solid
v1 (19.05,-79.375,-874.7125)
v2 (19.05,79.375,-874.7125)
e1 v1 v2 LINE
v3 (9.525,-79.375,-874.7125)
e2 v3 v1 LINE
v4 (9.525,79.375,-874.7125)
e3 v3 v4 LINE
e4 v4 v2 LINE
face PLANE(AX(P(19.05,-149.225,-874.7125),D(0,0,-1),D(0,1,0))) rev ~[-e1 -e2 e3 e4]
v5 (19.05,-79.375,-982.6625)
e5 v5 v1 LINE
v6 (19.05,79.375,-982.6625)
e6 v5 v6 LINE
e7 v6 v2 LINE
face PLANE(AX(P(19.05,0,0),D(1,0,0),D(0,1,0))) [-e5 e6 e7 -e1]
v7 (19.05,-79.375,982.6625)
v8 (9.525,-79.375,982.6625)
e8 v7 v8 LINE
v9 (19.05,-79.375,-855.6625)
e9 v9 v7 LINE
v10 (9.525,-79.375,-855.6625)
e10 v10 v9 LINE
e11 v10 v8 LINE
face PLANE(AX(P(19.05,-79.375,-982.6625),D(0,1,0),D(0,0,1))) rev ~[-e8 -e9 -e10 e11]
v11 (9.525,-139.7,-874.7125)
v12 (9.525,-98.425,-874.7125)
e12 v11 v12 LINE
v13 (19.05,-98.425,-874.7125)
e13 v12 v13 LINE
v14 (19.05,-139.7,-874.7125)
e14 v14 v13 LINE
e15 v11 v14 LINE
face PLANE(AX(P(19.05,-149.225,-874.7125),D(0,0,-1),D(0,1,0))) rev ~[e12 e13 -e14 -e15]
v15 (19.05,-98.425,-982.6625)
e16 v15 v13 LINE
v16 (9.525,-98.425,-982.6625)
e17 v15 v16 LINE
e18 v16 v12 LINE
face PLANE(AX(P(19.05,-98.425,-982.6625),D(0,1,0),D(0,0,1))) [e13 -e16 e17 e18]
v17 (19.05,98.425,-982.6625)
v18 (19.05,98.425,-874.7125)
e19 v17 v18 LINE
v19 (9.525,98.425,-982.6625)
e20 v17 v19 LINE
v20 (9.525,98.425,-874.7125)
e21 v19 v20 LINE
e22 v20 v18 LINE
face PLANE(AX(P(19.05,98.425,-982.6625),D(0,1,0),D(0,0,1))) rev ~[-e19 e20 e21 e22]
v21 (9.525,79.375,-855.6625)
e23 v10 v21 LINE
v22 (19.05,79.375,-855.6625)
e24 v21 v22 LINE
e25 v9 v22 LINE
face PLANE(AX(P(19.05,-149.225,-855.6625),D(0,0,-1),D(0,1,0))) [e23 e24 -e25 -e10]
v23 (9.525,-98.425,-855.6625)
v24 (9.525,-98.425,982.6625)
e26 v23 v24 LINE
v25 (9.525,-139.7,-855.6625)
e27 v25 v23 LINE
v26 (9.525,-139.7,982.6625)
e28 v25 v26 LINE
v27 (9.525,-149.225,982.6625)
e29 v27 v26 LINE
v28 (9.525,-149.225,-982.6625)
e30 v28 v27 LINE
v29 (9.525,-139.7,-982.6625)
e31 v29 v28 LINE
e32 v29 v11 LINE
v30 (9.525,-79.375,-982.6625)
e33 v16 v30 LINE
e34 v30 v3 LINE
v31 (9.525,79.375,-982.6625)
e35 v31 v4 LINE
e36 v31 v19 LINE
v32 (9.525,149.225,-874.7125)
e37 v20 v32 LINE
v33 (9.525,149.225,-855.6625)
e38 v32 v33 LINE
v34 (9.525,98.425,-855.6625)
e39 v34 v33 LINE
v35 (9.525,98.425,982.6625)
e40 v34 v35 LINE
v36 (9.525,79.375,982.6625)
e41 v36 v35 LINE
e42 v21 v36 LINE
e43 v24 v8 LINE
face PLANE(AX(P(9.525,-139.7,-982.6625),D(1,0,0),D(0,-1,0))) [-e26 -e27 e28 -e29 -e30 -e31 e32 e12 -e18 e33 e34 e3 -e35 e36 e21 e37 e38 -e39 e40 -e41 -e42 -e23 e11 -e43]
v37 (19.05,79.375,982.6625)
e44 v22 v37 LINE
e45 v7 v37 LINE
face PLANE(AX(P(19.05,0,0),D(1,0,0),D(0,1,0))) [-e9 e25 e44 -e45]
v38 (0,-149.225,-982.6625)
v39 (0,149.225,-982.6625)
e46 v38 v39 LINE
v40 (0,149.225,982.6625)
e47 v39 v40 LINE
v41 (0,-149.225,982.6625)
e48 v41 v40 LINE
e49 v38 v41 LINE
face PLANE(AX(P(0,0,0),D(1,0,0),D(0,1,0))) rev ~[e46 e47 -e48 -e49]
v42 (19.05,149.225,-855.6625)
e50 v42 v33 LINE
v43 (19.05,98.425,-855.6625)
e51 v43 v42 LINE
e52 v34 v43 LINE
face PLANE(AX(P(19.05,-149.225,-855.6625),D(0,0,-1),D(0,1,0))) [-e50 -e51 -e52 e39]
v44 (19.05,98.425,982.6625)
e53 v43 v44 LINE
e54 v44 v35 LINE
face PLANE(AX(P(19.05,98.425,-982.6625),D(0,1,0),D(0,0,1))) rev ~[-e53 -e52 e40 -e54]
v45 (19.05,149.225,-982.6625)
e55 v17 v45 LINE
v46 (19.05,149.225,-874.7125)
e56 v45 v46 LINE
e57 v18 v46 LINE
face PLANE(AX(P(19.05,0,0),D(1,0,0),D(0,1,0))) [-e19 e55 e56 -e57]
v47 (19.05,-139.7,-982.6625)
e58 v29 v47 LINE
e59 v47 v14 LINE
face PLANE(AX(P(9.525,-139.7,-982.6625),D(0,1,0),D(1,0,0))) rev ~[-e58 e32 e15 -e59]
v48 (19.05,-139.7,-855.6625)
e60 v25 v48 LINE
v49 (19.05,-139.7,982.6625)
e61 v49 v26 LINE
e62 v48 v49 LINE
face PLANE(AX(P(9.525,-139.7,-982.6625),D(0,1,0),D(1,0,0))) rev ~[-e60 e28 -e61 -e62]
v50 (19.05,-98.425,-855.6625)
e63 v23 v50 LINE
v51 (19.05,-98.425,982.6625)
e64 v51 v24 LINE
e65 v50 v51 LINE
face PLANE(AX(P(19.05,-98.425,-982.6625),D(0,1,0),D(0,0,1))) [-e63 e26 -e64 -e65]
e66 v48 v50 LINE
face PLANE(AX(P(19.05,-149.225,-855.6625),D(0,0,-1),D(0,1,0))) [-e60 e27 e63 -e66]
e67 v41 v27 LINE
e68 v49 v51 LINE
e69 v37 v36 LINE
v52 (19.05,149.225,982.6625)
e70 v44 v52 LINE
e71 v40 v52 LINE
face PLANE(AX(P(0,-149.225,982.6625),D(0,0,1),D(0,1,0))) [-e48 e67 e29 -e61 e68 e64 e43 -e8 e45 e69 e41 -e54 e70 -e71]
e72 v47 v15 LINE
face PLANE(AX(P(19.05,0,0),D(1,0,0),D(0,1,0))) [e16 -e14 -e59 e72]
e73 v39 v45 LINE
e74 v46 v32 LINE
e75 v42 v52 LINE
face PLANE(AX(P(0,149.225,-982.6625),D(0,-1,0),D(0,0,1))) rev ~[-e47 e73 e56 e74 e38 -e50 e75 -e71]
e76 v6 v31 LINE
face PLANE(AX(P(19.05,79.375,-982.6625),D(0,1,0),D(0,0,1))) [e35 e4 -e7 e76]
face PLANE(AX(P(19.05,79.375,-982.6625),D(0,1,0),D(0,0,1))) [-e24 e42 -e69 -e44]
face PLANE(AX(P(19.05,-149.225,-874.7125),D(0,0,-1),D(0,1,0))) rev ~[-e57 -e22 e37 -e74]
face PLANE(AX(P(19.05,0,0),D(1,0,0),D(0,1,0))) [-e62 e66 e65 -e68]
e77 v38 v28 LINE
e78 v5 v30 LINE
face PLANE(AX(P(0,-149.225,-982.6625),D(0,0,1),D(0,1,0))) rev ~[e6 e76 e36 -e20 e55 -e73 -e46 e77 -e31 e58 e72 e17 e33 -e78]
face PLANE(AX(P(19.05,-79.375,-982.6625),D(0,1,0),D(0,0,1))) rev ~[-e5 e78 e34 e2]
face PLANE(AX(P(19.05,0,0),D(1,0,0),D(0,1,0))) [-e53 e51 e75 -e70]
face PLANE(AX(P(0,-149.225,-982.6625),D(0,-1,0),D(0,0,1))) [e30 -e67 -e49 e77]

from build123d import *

# Parameters (mm, degrees)
F0_W     = 298.45
F0_H     = 1965.325
F1_DEPTH = 19.05
F2_W     = 298.45
F2_H     = 19.05
F3_DEPTH = 9.525
F4_W     = 19.05
F4_H     = 1965.325
F5_DEPTH = 9.525
F6_W     = 9.525
F6_H     = 9.525
F7_DEPTH = 1965.326


with BuildPart() as f1:
    # F0 (on Right) → F1 (new body)
    with BuildSketch(Plane.YZ):
        Rectangle(F0_W, F0_H)
    extrude(amount=F1_DEPTH)

    # F2 (on face) → F3 (cut)
    with BuildSketch(Plane.YZ.offset(19.05)):
        with Locations((0, -865.1875)):
            Rectangle(F2_W, F2_H)
    extrude(amount=-F3_DEPTH, mode=Mode.SUBTRACT)

    # F4 (on face) → F5 (cut)
    with BuildSketch(Plane.YZ.offset(19.05)):
        with Locations((-88.9, 0)):
            Rectangle(F4_W, F4_H)
        with Locations((88.9, 0)):
            Rectangle(F4_W, F4_H)
    extrude(amount=-F5_DEPTH, mode=Mode.SUBTRACT)

    # F6 (on face) → F7 (cut, through all)
    with BuildSketch(Plane(origin=(0, 0, -982.6625), x_dir=(1, 0, 0), z_dir=(0, 0, -1))):
        with Locations((14.2875, 144.4625)):
            Rectangle(F6_W, F6_H)
    extrude(amount=-F7_DEPTH, mode=Mode.SUBTRACT)


solid = f1.part
